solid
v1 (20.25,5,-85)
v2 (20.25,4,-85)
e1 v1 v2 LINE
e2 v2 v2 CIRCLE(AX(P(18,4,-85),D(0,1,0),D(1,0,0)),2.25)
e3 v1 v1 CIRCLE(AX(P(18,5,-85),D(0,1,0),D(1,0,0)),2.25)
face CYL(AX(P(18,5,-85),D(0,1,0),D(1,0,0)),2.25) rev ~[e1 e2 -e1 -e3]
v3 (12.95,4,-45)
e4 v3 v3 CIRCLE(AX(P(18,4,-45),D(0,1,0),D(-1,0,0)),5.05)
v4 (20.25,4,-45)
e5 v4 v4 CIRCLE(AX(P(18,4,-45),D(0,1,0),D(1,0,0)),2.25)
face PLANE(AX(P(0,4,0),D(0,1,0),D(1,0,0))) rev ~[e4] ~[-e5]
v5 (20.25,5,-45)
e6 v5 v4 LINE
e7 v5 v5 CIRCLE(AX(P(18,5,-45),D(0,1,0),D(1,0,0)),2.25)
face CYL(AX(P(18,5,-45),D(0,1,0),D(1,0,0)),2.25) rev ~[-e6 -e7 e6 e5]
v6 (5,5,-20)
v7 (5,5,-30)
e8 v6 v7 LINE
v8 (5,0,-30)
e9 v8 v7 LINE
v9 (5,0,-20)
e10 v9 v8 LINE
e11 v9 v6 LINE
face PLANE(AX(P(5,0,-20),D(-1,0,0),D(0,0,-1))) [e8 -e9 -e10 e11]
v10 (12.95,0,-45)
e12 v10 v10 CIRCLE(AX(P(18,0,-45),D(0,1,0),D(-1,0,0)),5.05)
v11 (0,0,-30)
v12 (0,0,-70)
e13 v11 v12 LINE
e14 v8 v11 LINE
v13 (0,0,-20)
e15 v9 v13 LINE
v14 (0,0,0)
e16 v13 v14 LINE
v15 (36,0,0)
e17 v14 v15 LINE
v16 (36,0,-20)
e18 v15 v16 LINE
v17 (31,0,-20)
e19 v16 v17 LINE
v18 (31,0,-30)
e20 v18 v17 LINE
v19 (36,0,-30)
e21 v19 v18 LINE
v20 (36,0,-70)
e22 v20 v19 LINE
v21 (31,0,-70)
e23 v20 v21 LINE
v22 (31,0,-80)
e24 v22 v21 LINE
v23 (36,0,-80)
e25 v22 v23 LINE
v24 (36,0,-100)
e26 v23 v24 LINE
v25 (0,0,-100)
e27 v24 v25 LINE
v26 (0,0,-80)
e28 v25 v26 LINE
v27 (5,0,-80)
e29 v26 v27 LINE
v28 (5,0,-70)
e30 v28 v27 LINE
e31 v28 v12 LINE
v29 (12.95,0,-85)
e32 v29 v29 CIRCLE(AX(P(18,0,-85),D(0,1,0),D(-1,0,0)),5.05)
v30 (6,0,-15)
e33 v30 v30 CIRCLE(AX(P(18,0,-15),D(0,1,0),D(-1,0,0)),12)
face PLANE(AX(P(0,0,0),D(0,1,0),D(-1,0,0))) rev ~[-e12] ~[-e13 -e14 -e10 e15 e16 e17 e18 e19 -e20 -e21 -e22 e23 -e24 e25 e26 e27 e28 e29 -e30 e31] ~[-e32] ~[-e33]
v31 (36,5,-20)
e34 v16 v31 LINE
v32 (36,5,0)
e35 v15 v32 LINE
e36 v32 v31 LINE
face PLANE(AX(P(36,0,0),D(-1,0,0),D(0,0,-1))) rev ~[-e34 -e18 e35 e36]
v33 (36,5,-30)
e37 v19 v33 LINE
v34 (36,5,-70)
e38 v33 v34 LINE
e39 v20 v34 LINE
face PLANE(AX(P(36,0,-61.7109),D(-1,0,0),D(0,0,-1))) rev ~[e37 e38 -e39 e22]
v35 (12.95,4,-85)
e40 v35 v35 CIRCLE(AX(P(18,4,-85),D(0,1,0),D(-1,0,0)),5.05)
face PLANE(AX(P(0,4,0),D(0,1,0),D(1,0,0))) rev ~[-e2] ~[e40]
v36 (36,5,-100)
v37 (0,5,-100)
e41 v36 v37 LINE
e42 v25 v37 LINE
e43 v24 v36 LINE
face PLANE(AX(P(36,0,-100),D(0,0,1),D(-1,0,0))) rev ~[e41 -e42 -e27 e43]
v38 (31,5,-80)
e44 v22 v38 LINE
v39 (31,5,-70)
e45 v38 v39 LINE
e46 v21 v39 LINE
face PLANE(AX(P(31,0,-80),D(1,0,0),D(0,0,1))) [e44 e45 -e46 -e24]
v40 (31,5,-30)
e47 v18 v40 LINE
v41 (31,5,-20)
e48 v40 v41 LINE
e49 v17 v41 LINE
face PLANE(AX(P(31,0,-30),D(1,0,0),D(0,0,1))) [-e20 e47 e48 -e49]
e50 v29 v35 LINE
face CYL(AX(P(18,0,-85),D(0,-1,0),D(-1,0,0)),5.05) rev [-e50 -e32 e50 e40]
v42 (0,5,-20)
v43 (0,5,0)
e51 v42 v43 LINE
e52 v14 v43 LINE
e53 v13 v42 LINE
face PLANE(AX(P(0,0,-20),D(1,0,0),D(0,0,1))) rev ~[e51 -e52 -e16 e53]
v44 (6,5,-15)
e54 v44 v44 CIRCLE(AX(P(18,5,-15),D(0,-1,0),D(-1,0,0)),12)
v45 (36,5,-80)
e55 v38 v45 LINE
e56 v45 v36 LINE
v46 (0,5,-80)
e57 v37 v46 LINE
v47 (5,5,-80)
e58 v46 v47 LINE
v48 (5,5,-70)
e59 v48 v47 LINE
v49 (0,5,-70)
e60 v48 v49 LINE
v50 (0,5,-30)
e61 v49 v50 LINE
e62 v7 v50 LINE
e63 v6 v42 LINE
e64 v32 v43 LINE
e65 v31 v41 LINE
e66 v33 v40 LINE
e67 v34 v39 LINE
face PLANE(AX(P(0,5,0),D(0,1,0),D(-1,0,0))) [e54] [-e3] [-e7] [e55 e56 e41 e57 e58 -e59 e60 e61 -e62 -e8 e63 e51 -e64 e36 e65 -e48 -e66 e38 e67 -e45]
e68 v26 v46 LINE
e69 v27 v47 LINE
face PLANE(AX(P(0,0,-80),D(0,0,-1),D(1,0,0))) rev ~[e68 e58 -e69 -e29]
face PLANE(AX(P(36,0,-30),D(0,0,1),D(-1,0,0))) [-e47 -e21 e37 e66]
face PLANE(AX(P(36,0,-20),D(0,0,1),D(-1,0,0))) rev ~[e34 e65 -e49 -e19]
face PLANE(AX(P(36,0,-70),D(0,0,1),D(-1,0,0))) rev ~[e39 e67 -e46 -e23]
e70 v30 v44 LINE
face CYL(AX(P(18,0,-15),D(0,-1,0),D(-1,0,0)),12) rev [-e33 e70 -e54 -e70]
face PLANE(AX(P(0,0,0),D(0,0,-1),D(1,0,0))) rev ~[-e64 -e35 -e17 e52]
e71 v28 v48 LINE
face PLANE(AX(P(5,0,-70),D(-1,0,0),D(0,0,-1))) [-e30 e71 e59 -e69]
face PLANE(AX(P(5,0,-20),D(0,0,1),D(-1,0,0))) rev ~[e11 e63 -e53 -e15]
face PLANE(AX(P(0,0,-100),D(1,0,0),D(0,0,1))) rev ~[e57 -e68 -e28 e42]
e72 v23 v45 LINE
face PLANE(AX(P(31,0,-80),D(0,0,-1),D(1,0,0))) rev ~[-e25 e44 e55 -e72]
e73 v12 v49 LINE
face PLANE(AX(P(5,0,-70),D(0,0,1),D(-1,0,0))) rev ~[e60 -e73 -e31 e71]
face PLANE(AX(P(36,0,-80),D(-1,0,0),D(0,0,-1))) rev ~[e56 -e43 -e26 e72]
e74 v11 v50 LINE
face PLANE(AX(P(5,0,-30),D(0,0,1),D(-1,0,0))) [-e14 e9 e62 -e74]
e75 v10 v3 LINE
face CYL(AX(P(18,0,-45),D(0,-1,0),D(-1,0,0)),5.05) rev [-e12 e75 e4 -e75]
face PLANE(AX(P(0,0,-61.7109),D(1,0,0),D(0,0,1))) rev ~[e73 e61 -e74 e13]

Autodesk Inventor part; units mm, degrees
ref_plane "YZ Plane" through (0, 0, 0) normal (1, 0, 0) x (0, 1, 0)
ref_plane "XZ Plane" through (0, 0, 0) normal (0, 1, 0) x (-1, 0, 0)
ref_plane "XY Plane" through (0, 0, 0) normal (0, 0, 1) x (1, 0, 0)
sketch "Sketch2" plane through (0, 0, 0) normal (0, 1, 0) x (-1, 0, 0)
  line L0 (0, 0) -> (-36, 0)
  line L1 (-36, 0) -> (-36, -100)
  line L2 (-36, -100) -> (0, -100)
  line L3 (0, -100) -> (0, 0)
  line L4 (-36, 0) -> (-36, -20)
  line L5 (-36, -20) -> (0, -20)
  line L6 (-36, -100) -> (-36, -80)
  line L7 (-36, -80) -> (-36, -61.7109)
  line L8 (0, -61.7109) -> (0, -80)
  line L9 (-36, -80) -> (-36, -70)
  line L10 (-36, -70) -> (0, -70)
  line L11 (0, -80) -> (-36, -80)
  line L12 (0, -70) -> (0, -80)
  line L13 (0, -70) -> (-5, -70)
  line L14 (-5, -70) -> (-5, -80)
  line L15 (-36, -20) -> (-36, -30)
  line L16 (-36, -30) -> (0, -30)
  line L17 (0, -20) -> (-5, -20)
  line L18 (-5, -20) -> (-5, -30)
  line L19 (-36, -80) -> (-31, -80)
  line L20 (-31, -80) -> (-31, -70)
  line L21 (-31, -30) -> (-31, -20)
  line L22 (-18, 0) -> (-18, -15)
  circle A0 centre (-18, -15) radius 12
  line L23 (-18, -15) -> (-18, -45.5)
  line L24 (-18, -45.5) -> (-18, -86)
  line L25 (-18, -15) -> (-18, -45)
  circle A1 centre (-18, -45) radius 5.05
  line L26 (-18, -45) -> (-18, -85)
  circle A2 centre (-18, -85) radius 5.05
  dimension "d0" = 36
  dimension "d1" = 100
  dimension "d2" = 20
  dimension "d3" = 20
  dimension "d4" = 10
  dimension "d5" = 5
  dimension "d6" = 10
  dimension "d7" = 5
  dimension "d8" = 5
  dimension "d9" = 15
  dimension "d10" = 24
  dimension "d17" = 30
  dimension "d18" = 10.1
  dimension "d19" = 40
  dimension "d20" = 10.1
extrude "Extrusion1" add sketch "Sketch2" along normal blind 5 contours L3 L5 A0 L22 L0 | L22 A0 L5 L1 L0 | L3 L10 L24 A1 L23 L16 | L18 L16 L23 A0 L5 | A0 L23 L16 L21 L5 | L16 L23 A1 L24 L10 L1 | L3 L2 L1 L11 A2 | L14 L11 A2 L24 L10 | L24 A2 L11 L20 L10
sketch "Sketch3" plane through (0, 5, 0) normal (0, 1, 0) x (1, 0, 0)
  circle A0 centre (18, 45) radius 5.05 projected
  circle A1 centre (18, 45) radius 5.05
  circle A2 centre (18, 45) radius 2.25
  circle A3 centre (18, 85) radius 5.05 projected
  circle A4 centre (18, 85) radius 5.05
  circle A5 centre (18, 85) radius 2.25
  point P0 (0, 0)
  dimension "d21" = 4.5
  dimension "d22" = 4.5
extrude "Extrusion2" add sketch "Sketch3" against normal blind 1
equation "\"BendRadius\" = Thickness"
equation "\"BendReliefWidth\" = Thickness"
equation "\"BendReliefDepth\" = 0.5 * Thickness"
equation "\"CornerReliefSize\" = 4 * Thickness"
equation "\"MinimumRemnant\" = 2 * Thickness"
equation "\"TransitionRadius\" = BendRadius"
equation "\"JacobiRadiusSize\" = BendRadius"
equation "\"GapSize\" = Thickness"
equation "\"Thickness\" = 0.5"
properties part number "Part2v2"
